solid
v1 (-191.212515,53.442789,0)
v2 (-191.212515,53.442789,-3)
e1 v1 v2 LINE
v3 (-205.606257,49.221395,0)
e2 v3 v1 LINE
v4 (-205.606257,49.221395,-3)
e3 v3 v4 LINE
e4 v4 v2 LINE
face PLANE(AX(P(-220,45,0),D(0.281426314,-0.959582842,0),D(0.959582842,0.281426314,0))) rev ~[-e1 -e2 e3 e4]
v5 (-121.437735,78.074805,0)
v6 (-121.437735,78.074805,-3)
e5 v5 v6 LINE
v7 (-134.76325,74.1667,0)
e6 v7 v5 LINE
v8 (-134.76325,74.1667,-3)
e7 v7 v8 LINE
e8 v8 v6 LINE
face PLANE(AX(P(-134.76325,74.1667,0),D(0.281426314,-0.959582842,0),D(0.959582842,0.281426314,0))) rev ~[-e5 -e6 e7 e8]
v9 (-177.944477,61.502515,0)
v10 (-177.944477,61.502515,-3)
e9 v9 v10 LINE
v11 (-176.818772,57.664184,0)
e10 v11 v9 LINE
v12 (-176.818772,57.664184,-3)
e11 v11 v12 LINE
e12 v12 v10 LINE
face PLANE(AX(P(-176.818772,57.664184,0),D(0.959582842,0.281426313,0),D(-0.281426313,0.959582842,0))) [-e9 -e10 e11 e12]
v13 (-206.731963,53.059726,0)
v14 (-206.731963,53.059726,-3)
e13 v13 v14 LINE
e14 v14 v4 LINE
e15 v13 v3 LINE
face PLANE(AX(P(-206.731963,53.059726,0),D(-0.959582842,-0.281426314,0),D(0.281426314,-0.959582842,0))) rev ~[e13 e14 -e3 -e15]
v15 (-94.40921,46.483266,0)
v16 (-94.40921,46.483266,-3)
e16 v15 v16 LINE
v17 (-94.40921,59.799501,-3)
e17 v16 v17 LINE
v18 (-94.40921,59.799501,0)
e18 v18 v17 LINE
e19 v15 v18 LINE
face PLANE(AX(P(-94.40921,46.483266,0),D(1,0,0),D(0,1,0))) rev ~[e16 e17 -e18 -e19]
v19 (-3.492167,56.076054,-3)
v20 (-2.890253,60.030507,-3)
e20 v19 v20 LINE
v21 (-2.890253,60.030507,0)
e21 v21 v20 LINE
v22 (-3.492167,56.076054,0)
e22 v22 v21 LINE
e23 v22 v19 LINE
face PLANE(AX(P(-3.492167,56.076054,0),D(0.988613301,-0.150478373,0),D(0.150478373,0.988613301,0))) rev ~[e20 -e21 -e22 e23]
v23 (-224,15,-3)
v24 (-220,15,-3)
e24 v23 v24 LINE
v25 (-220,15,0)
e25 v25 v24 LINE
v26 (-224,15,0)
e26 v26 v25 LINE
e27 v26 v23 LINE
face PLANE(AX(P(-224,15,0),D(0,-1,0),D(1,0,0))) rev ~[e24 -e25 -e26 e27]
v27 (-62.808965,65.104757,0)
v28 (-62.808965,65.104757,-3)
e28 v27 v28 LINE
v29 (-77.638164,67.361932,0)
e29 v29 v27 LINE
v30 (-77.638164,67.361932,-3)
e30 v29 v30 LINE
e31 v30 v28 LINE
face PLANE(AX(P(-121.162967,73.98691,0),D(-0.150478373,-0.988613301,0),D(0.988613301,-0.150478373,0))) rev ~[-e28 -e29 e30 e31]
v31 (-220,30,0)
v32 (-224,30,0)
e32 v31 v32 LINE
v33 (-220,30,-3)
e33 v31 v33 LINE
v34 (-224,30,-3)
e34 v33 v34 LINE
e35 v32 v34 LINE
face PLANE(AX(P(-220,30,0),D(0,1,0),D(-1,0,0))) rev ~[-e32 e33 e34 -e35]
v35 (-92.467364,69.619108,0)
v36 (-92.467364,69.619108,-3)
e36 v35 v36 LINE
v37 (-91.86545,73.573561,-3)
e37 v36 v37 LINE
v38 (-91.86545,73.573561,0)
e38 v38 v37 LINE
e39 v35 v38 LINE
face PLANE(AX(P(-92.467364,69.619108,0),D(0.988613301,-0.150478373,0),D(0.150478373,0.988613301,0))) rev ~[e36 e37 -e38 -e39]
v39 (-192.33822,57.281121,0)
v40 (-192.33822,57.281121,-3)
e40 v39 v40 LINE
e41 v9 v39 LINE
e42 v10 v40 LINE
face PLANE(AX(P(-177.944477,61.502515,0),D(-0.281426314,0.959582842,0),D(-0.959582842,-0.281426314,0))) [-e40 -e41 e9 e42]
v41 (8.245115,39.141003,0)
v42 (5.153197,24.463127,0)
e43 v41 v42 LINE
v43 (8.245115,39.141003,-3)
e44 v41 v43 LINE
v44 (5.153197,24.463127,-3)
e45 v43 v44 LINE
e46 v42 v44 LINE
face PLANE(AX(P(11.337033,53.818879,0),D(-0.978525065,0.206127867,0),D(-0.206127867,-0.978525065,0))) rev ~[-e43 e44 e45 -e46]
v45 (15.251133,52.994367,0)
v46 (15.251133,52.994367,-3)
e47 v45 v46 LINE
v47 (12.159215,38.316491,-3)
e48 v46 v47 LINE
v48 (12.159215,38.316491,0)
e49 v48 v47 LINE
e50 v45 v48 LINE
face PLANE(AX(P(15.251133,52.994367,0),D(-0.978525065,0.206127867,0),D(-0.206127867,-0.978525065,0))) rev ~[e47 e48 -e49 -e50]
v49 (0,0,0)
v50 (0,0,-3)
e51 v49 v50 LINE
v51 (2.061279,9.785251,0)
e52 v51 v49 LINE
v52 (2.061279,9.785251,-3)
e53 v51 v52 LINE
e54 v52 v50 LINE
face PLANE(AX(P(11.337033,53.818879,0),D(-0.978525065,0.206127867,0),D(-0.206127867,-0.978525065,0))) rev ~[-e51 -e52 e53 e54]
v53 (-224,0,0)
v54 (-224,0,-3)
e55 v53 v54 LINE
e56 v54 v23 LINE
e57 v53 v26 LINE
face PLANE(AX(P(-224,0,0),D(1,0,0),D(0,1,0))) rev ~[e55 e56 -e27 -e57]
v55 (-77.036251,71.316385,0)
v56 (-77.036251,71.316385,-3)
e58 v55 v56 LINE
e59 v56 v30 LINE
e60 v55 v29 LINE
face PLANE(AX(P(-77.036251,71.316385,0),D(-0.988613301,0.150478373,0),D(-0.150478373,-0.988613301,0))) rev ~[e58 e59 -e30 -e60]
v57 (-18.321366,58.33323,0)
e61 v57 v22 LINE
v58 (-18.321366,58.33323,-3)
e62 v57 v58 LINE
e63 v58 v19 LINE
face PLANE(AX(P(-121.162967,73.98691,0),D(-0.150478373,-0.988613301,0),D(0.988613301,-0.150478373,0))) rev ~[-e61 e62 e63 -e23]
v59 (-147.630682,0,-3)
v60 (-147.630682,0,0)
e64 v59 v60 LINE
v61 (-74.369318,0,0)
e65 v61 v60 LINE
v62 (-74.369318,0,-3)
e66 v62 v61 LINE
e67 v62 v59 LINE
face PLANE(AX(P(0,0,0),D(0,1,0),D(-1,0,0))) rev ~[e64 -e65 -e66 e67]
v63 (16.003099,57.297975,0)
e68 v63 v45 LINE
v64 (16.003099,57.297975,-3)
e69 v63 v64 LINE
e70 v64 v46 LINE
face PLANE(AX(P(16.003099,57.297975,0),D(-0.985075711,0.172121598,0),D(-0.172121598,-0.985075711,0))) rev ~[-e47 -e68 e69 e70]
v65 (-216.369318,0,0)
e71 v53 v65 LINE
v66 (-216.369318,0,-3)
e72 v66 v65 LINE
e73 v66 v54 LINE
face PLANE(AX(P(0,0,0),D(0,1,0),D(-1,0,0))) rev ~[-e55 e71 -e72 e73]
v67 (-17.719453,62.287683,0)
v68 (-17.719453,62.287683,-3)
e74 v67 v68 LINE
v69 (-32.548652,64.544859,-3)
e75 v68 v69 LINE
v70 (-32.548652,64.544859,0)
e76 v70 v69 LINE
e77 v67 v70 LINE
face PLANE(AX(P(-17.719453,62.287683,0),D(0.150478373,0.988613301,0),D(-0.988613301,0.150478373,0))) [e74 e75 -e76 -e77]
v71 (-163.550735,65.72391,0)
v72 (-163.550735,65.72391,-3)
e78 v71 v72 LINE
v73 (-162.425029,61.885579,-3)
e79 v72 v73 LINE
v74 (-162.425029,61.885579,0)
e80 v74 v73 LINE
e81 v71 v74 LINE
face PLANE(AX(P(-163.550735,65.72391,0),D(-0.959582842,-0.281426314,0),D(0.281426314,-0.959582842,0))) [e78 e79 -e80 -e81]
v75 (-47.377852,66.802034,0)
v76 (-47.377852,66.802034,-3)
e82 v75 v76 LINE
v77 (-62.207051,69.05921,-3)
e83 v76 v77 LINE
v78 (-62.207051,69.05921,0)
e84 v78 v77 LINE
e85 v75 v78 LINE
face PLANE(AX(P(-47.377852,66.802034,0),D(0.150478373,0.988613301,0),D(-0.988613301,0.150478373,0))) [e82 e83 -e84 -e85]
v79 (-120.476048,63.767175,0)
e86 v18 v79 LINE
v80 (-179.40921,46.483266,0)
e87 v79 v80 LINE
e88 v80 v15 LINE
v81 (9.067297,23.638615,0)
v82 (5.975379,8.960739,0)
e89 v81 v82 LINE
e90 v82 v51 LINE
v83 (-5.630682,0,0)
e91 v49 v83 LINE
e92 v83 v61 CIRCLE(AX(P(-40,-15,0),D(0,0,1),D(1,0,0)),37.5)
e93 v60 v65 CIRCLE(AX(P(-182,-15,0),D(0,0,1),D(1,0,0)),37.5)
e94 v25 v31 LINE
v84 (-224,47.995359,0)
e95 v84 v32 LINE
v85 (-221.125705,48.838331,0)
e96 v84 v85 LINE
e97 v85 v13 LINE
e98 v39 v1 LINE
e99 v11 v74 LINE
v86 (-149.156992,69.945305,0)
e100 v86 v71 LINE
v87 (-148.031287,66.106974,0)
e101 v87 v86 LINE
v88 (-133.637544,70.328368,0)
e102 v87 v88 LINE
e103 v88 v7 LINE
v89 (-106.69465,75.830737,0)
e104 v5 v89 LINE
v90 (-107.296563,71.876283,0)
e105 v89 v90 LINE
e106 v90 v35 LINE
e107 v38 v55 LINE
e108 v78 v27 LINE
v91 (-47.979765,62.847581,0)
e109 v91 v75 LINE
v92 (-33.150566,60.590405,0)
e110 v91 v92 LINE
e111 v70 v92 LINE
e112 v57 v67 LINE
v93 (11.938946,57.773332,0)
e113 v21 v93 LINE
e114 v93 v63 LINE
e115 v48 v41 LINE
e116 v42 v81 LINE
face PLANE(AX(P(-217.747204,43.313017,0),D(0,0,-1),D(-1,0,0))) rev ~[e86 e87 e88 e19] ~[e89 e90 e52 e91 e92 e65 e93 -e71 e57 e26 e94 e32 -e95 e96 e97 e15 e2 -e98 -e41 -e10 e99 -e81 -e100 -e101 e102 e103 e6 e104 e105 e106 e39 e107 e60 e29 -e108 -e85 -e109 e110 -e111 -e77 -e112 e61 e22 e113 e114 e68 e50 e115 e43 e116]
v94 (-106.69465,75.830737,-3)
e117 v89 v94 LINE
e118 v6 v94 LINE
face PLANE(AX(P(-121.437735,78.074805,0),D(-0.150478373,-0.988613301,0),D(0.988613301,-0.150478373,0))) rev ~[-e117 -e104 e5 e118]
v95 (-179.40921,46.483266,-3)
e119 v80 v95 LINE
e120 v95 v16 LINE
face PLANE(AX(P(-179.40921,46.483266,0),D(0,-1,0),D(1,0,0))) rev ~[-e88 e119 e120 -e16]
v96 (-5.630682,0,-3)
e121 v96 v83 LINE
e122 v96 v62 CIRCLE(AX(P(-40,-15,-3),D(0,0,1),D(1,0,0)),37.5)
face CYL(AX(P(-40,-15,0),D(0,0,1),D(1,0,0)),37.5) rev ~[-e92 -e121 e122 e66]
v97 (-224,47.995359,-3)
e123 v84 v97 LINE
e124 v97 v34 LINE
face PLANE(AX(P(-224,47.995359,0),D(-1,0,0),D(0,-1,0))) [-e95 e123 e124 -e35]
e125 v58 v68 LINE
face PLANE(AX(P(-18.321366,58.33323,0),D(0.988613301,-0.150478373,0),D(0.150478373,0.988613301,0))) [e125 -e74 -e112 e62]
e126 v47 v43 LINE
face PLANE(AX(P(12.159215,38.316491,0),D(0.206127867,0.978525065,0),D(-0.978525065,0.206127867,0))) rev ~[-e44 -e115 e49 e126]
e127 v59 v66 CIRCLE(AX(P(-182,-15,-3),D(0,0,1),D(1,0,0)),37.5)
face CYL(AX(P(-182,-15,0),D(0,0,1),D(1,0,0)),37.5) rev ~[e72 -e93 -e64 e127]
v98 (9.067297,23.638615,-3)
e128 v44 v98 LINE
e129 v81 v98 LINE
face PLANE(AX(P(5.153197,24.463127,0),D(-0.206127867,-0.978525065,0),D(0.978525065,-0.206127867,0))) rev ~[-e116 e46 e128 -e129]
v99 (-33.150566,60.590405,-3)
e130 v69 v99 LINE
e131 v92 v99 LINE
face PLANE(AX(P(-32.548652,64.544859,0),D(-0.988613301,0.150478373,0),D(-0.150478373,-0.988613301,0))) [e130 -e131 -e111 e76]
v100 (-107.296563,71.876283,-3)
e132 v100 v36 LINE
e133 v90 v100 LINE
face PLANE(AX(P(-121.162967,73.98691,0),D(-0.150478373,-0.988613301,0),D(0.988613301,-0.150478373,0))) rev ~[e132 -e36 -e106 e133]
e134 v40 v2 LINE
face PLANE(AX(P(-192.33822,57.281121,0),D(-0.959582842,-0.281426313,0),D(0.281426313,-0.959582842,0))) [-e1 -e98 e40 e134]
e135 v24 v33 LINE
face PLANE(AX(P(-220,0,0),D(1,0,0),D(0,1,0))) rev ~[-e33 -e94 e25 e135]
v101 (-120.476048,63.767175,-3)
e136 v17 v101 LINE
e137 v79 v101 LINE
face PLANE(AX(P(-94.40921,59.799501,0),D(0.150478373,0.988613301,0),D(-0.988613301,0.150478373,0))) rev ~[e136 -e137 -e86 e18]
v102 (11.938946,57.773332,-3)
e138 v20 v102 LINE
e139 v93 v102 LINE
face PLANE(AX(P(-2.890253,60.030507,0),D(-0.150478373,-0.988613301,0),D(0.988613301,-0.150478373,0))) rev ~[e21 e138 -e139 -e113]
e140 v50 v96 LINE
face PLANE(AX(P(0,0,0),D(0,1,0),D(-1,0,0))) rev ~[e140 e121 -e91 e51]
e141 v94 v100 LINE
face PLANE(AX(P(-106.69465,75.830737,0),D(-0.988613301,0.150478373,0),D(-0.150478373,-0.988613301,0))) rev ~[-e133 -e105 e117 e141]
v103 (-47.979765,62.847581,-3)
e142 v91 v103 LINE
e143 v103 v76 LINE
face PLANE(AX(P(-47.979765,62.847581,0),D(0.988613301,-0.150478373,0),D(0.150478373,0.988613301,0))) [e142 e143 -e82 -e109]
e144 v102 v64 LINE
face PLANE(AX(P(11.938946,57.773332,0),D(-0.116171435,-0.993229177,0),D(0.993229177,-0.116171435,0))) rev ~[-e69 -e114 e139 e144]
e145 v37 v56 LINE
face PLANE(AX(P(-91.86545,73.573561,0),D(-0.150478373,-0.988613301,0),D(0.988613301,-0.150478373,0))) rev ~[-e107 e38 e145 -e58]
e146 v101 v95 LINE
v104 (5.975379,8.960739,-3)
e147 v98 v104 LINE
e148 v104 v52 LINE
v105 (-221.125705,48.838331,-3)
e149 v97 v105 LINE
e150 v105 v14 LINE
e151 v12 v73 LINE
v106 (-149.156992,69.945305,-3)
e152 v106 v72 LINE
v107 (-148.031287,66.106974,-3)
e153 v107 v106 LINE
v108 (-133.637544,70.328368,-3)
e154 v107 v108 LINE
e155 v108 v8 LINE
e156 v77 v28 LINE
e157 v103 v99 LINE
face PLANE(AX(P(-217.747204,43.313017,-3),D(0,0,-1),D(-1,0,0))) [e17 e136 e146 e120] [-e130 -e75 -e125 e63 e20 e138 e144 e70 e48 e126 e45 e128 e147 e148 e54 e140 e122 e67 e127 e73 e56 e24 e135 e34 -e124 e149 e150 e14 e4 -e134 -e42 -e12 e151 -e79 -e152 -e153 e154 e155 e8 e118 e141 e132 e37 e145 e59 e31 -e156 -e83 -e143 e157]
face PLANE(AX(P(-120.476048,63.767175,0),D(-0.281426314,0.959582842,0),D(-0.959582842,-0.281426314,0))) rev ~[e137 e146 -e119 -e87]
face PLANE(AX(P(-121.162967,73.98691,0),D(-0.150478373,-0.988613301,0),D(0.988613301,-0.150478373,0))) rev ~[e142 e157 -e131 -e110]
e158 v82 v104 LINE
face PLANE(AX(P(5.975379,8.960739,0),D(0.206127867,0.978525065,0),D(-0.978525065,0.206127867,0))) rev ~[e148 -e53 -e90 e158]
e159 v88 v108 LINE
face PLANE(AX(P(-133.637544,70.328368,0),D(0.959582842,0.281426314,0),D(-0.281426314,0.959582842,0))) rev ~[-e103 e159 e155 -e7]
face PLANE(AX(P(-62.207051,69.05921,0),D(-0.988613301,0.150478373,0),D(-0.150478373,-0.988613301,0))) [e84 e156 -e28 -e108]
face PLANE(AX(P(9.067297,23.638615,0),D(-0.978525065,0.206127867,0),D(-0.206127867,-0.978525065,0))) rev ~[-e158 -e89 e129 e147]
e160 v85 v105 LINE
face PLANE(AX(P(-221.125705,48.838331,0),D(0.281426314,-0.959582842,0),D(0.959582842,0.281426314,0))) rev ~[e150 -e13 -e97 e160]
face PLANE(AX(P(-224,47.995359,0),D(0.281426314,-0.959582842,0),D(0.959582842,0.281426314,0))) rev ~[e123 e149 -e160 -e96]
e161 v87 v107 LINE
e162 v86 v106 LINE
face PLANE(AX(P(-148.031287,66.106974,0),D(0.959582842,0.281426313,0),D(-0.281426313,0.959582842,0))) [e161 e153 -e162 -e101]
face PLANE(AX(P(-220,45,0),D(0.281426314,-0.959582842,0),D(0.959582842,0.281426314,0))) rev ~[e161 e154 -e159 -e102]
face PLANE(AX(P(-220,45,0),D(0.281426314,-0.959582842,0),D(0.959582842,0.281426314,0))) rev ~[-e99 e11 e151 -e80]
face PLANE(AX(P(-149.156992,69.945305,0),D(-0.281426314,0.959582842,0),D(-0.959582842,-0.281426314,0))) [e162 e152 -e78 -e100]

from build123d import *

# Parameters (mm, degrees)
BOSS_EXTRUDE1_DEPTH = 3
SKETCH2_R           = 37.5
CUT_EXTRUDE1_DEPTH  = 3
SKETCH3_W           = 4
SKETCH3_H           = 15
BOSS_EXTRUDE4_DEPTH = 3


with BuildPart() as part:
    # Sketch1 → Boss-Extrude1 (new body)
    with BuildSketch(Plane.XY):
        Polygon((11.337032692, 53.818878563), (0, 0), (-220, 0), (-220, 45), (-121.162967308, 73.986910298), align=None)
        Polygon((-94.409209541, 46.483265917), (-94.409209541, 59.799500594), (-120.476048116, 63.767174765), (-179.409209541, 46.483265917), align=None, mode=Mode.SUBTRACT)
    extrude(amount=-BOSS_EXTRUDE1_DEPTH)

    # Sketch2 → Cut-Extrude1 (cut)
    with BuildSketch(Plane.XY):
        with Locations((-182, -15)):
            Circle(SKETCH2_R)
        with Locations((-40, -15)):
            Circle(SKETCH2_R)
    extrude(amount=-CUT_EXTRUDE1_DEPTH, mode=Mode.SUBTRACT)

    # Sketch3 → Boss-Extrude4 (add)
    with BuildSketch(Plane.XY):
        Polygon((-206.731962629, 53.05972607), (-205.606257375, 49.221394704), (-220, 45), (-220, 30), (-224, 30), (-224, 45), (-224, 47.99535863), (-221.125705254, 48.838331367), align=None)
        Polygon((-192.338220004, 57.281120774), (-191.21251475, 53.442789407), (-176.818772125, 57.664184111), (-177.944477379, 61.502515478), align=None)
        Polygon((-121.437734985, 78.074804512), (-106.694649955, 75.830736536), (-107.296563448, 71.876283331), (-121.162967308, 73.986910298), (-133.63754425, 70.328368222), (-134.763249504, 74.166699588), align=None)
        Polygon((-77.03625092, 71.316385344), (-77.638164413, 67.361932139), (-92.46736393, 69.619107735), (-91.865450438, 73.57356094), align=None)
        Polygon((-3.492166825, 56.076054159), (-2.890253333, 60.030507363), (11.938946184, 57.773331767), (16.003099334, 57.297974706), (15.251132951, 52.994367094), (12.159214944, 38.316491123), (8.245114685, 39.141002591), (11.337032692, 53.818878563), align=None)
        Polygon((-18.321366343, 58.333229755), (-17.719452851, 62.287682959), (-32.548652368, 64.544858556), (-33.15056586, 60.590405351), align=None)
        Polygon((-163.550734754, 65.723910181), (-162.4250295, 61.885578815), (-148.031286875, 66.106973518), (-149.156992129, 69.945304885), align=None)
        Polygon((-47.979765378, 62.847580947), (-47.377851886, 66.802034152), (-62.207051403, 69.059209748), (-62.808964895, 65.104756543), align=None)
        with Locations((-222, 7.5)):
            Rectangle(SKETCH3_W, SKETCH3_H)
        Polygon((5.153196678, 24.463126619), (9.067296937, 23.638615151), (5.97537893, 8.960739179), (2.061278671, 9.785250648), align=None)
    extrude(amount=-BOSS_EXTRUDE4_DEPTH)


solid = part.part
